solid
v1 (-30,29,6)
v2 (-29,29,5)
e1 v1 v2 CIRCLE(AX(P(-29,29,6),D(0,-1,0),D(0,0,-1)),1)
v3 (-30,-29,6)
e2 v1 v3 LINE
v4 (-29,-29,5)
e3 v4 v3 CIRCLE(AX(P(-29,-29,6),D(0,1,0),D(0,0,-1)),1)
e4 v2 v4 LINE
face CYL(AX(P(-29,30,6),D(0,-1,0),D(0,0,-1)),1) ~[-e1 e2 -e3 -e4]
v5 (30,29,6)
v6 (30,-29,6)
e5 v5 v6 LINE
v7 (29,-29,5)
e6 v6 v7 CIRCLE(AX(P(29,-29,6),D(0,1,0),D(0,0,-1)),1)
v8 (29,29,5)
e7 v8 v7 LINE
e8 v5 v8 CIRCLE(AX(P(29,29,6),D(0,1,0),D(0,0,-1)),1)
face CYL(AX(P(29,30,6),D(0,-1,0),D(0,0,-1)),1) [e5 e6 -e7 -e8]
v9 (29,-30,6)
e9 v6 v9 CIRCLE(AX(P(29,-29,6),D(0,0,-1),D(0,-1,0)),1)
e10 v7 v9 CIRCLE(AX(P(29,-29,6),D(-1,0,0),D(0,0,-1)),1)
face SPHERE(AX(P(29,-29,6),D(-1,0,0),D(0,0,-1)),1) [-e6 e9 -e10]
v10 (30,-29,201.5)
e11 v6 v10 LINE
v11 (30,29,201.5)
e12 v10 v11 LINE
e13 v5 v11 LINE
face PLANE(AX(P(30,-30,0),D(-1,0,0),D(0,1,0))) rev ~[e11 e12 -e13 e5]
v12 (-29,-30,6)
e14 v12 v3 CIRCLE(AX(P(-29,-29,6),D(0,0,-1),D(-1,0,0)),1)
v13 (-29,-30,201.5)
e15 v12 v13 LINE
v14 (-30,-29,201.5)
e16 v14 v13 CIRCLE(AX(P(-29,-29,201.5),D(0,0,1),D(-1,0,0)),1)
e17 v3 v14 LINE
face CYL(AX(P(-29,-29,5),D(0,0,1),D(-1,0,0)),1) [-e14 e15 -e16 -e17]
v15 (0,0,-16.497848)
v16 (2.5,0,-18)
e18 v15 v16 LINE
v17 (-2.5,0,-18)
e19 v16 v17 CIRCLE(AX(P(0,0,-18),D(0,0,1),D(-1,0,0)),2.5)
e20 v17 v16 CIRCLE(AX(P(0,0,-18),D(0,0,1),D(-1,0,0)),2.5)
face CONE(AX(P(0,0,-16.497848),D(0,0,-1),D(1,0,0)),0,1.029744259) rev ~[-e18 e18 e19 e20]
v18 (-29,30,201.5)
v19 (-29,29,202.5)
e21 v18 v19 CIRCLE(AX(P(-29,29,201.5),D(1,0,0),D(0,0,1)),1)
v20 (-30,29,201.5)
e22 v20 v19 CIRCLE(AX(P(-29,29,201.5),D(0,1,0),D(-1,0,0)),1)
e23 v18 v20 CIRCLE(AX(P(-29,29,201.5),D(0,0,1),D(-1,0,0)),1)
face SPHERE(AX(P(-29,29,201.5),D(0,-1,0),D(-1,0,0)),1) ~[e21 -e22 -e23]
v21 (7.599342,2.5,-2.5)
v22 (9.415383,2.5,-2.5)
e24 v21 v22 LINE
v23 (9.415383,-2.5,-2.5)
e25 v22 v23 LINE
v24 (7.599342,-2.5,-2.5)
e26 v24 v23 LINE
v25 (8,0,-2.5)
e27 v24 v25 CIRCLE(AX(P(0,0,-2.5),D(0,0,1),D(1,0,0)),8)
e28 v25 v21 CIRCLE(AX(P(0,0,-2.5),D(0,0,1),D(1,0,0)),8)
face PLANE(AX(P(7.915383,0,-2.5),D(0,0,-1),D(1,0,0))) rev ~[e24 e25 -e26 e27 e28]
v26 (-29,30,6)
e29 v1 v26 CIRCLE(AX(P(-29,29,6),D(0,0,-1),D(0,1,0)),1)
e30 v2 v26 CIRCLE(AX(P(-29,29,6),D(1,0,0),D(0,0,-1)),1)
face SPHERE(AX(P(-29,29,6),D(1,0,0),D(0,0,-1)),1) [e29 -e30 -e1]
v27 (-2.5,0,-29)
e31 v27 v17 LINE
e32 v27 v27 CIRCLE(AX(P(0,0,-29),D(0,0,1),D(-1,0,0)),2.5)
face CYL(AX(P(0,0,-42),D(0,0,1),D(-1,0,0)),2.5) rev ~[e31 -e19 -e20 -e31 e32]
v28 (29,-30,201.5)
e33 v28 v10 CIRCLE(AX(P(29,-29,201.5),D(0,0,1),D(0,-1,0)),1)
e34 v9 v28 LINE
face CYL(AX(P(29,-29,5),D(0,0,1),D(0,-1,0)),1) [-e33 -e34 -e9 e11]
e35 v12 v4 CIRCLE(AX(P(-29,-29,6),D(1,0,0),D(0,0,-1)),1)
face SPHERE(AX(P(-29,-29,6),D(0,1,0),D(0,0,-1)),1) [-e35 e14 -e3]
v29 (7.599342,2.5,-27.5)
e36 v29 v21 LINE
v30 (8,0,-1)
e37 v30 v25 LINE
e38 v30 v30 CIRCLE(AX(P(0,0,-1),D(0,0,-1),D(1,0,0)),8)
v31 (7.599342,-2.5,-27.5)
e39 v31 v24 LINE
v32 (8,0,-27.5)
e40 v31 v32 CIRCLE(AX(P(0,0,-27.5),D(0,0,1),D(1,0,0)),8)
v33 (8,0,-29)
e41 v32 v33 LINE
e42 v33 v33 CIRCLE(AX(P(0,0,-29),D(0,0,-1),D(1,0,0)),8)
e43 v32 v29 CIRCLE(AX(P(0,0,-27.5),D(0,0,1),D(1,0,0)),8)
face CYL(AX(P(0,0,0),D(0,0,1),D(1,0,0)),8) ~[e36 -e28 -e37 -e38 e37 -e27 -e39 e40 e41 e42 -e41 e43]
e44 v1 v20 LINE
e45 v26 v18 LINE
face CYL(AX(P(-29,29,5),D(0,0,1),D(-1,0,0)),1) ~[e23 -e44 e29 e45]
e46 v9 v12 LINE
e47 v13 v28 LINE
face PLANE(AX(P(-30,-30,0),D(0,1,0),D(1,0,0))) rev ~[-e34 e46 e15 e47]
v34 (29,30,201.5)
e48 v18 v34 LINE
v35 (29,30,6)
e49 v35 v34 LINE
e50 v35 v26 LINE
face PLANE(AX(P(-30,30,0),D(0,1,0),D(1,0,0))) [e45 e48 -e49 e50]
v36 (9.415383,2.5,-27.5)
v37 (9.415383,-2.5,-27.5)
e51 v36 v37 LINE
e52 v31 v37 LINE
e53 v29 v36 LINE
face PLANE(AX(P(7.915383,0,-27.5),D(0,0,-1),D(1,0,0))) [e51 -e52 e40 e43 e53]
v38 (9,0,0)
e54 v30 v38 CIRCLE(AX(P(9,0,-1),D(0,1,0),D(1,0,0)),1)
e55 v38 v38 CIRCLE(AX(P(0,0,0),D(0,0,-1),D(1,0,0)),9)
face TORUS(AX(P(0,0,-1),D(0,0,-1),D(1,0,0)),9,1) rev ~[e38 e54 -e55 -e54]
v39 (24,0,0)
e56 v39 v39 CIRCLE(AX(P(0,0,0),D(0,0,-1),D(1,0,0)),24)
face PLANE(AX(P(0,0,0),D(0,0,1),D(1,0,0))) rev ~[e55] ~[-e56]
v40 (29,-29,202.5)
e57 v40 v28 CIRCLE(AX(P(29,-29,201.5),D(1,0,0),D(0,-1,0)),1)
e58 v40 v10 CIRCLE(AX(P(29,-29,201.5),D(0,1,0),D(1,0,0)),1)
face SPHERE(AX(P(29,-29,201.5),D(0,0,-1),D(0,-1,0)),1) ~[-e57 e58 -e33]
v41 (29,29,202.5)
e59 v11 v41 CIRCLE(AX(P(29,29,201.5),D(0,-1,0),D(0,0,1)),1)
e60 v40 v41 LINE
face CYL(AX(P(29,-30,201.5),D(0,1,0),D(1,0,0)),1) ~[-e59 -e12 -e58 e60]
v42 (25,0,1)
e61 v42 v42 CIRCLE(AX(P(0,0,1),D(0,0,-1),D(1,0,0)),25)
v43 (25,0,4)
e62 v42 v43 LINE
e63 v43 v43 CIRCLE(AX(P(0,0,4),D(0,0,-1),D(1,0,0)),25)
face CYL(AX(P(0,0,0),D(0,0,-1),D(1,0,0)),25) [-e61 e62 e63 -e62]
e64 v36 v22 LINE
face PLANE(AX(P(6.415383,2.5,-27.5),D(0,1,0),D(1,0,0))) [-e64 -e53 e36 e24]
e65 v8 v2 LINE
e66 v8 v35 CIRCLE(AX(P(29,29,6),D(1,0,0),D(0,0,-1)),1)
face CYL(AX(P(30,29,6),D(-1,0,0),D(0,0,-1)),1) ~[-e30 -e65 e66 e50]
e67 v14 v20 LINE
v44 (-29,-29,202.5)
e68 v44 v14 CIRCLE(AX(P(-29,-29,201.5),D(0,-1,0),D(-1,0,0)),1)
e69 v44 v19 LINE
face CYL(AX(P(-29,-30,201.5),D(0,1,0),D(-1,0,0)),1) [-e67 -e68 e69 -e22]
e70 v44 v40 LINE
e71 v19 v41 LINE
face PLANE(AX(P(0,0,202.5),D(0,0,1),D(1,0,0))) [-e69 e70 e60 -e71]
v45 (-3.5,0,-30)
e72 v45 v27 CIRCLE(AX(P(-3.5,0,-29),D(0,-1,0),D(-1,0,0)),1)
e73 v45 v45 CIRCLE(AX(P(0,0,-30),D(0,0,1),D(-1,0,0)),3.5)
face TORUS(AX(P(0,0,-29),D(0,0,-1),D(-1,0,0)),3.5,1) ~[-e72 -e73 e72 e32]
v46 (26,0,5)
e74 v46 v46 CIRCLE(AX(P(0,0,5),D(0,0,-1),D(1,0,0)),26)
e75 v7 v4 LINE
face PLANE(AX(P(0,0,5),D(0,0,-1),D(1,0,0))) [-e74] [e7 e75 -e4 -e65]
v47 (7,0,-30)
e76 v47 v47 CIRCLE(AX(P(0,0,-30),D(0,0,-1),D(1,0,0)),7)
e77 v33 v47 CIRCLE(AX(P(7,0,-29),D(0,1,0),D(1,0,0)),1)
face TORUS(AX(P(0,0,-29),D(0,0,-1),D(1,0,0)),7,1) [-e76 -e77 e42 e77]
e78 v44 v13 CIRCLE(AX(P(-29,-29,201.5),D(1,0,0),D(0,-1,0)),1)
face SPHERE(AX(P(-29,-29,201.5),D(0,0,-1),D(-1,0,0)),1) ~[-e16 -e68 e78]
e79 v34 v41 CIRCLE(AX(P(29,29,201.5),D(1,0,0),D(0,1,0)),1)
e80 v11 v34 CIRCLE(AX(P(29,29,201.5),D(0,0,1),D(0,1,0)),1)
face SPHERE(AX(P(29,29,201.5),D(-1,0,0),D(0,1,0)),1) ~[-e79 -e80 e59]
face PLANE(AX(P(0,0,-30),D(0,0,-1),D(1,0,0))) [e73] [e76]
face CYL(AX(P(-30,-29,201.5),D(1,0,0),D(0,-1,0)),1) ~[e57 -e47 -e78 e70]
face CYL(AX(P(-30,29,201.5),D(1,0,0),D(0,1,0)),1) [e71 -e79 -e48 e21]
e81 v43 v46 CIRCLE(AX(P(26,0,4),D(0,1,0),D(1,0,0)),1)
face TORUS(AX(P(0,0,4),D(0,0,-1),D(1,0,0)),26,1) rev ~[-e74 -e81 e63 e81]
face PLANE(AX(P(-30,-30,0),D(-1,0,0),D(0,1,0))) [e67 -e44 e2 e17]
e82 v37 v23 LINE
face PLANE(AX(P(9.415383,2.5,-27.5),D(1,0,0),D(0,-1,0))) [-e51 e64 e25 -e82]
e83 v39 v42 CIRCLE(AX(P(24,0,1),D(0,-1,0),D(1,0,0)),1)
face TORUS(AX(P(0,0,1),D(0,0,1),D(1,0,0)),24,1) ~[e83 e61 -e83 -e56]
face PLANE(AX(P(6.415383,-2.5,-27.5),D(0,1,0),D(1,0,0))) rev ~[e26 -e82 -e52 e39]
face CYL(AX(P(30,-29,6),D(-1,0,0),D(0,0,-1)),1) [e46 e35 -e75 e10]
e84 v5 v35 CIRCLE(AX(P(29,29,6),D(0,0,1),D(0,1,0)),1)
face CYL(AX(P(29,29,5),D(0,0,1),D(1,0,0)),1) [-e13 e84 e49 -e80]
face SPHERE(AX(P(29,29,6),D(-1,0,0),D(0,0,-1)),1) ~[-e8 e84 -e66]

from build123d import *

# Parameters (mm, degrees)
F0_W      = 60
F0_H      = 60
F1_DEPTH  = 202.5
F2_R      = 8
F3_DEPTH  = 30
F5_D      = 5
F5_DEPTH  = 12
F5_TIP    = 1.5021515476
F7_W      = 3
F7_H      = 5
F8_DEPTH  = 25
F9_W      = 66.6528567672
F9_H      = 63.3320808411
F9_W_2    = 60
F9_H_2    = 60
F9_R      = 25
F10_DEPTH = 5
F11_R     = 1


with BuildPart() as f1:
    # F0 (on Top) → F1 (new body)
    with BuildSketch(Plane.XY):
        Rectangle(F0_W, F0_H)
    extrude(amount=F1_DEPTH)

    # F2 (on face) → F3 (join)
    with BuildSketch(Plane(origin=(0, 0, 0), x_dir=(1, 0, 0), z_dir=(0, 0, -1))):
        Circle(F2_R)
    extrude(amount=F3_DEPTH)

    # F5
    with Locations(Plane(origin=(0, 0, -30), x_dir=(1, 0, 0), z_dir=(0, 0, -1))):
        with Locations((0, 0)):
            Hole(F5_D / 2, depth=F5_DEPTH)
            with Locations((0, 0, -(F5_DEPTH + F5_TIP / 2))):  # 118° drill point
                Cone(0, F5_D / 2, F5_TIP, mode=Mode.SUBTRACT)

    # F7 (on offset) → F8 (join)
    with BuildSketch(Plane(origin=(0, 0, -27.5), x_dir=(1, 0, 0), z_dir=(0, 0, -1))):
        with Locations((7.9153832048, 0)):
            Rectangle(F7_W, F7_H)
    extrude(amount=-F8_DEPTH)

    # F9 (on face) → F10 (cut)
    with BuildSketch(Plane(origin=(0, 0, 0), x_dir=(1, 0, 0), z_dir=(0, 0, -1))):
        Rectangle(F9_W, F9_H)
        Rectangle(F9_W_2, F9_H_2, mode=Mode.SUBTRACT)
        Rectangle(F9_W_2, F9_H_2)
        Circle(F9_R, mode=Mode.SUBTRACT)
    extrude(amount=-F10_DEPTH, mode=Mode.SUBTRACT)

    # F11
    f11_edges = [f1.edges().sort_by_distance(p)[0] for p in [
        (0, 30, 5),
        (-30, 0, 5),
        (0, -30, 5),
        (30, 0, 5),
        (-25, 0, 5),
        (-25, 0, 0),
        (-8, 0, 0),
        (-8, 0, -30),
        (-2.5, 0, -30),
        (-30, -30, 103.75),
        (-30, 0, 202.5),
        (-30, 30, 103.75),
        (30, -30, 103.75),
        (0, -30, 202.5),
        (0, 30, 202.5),
        (30, 30, 103.75),
        (30, 0, 202.5),
    ]]
    fillet(f11_edges, radius=F11_R)


solid = f1.part
